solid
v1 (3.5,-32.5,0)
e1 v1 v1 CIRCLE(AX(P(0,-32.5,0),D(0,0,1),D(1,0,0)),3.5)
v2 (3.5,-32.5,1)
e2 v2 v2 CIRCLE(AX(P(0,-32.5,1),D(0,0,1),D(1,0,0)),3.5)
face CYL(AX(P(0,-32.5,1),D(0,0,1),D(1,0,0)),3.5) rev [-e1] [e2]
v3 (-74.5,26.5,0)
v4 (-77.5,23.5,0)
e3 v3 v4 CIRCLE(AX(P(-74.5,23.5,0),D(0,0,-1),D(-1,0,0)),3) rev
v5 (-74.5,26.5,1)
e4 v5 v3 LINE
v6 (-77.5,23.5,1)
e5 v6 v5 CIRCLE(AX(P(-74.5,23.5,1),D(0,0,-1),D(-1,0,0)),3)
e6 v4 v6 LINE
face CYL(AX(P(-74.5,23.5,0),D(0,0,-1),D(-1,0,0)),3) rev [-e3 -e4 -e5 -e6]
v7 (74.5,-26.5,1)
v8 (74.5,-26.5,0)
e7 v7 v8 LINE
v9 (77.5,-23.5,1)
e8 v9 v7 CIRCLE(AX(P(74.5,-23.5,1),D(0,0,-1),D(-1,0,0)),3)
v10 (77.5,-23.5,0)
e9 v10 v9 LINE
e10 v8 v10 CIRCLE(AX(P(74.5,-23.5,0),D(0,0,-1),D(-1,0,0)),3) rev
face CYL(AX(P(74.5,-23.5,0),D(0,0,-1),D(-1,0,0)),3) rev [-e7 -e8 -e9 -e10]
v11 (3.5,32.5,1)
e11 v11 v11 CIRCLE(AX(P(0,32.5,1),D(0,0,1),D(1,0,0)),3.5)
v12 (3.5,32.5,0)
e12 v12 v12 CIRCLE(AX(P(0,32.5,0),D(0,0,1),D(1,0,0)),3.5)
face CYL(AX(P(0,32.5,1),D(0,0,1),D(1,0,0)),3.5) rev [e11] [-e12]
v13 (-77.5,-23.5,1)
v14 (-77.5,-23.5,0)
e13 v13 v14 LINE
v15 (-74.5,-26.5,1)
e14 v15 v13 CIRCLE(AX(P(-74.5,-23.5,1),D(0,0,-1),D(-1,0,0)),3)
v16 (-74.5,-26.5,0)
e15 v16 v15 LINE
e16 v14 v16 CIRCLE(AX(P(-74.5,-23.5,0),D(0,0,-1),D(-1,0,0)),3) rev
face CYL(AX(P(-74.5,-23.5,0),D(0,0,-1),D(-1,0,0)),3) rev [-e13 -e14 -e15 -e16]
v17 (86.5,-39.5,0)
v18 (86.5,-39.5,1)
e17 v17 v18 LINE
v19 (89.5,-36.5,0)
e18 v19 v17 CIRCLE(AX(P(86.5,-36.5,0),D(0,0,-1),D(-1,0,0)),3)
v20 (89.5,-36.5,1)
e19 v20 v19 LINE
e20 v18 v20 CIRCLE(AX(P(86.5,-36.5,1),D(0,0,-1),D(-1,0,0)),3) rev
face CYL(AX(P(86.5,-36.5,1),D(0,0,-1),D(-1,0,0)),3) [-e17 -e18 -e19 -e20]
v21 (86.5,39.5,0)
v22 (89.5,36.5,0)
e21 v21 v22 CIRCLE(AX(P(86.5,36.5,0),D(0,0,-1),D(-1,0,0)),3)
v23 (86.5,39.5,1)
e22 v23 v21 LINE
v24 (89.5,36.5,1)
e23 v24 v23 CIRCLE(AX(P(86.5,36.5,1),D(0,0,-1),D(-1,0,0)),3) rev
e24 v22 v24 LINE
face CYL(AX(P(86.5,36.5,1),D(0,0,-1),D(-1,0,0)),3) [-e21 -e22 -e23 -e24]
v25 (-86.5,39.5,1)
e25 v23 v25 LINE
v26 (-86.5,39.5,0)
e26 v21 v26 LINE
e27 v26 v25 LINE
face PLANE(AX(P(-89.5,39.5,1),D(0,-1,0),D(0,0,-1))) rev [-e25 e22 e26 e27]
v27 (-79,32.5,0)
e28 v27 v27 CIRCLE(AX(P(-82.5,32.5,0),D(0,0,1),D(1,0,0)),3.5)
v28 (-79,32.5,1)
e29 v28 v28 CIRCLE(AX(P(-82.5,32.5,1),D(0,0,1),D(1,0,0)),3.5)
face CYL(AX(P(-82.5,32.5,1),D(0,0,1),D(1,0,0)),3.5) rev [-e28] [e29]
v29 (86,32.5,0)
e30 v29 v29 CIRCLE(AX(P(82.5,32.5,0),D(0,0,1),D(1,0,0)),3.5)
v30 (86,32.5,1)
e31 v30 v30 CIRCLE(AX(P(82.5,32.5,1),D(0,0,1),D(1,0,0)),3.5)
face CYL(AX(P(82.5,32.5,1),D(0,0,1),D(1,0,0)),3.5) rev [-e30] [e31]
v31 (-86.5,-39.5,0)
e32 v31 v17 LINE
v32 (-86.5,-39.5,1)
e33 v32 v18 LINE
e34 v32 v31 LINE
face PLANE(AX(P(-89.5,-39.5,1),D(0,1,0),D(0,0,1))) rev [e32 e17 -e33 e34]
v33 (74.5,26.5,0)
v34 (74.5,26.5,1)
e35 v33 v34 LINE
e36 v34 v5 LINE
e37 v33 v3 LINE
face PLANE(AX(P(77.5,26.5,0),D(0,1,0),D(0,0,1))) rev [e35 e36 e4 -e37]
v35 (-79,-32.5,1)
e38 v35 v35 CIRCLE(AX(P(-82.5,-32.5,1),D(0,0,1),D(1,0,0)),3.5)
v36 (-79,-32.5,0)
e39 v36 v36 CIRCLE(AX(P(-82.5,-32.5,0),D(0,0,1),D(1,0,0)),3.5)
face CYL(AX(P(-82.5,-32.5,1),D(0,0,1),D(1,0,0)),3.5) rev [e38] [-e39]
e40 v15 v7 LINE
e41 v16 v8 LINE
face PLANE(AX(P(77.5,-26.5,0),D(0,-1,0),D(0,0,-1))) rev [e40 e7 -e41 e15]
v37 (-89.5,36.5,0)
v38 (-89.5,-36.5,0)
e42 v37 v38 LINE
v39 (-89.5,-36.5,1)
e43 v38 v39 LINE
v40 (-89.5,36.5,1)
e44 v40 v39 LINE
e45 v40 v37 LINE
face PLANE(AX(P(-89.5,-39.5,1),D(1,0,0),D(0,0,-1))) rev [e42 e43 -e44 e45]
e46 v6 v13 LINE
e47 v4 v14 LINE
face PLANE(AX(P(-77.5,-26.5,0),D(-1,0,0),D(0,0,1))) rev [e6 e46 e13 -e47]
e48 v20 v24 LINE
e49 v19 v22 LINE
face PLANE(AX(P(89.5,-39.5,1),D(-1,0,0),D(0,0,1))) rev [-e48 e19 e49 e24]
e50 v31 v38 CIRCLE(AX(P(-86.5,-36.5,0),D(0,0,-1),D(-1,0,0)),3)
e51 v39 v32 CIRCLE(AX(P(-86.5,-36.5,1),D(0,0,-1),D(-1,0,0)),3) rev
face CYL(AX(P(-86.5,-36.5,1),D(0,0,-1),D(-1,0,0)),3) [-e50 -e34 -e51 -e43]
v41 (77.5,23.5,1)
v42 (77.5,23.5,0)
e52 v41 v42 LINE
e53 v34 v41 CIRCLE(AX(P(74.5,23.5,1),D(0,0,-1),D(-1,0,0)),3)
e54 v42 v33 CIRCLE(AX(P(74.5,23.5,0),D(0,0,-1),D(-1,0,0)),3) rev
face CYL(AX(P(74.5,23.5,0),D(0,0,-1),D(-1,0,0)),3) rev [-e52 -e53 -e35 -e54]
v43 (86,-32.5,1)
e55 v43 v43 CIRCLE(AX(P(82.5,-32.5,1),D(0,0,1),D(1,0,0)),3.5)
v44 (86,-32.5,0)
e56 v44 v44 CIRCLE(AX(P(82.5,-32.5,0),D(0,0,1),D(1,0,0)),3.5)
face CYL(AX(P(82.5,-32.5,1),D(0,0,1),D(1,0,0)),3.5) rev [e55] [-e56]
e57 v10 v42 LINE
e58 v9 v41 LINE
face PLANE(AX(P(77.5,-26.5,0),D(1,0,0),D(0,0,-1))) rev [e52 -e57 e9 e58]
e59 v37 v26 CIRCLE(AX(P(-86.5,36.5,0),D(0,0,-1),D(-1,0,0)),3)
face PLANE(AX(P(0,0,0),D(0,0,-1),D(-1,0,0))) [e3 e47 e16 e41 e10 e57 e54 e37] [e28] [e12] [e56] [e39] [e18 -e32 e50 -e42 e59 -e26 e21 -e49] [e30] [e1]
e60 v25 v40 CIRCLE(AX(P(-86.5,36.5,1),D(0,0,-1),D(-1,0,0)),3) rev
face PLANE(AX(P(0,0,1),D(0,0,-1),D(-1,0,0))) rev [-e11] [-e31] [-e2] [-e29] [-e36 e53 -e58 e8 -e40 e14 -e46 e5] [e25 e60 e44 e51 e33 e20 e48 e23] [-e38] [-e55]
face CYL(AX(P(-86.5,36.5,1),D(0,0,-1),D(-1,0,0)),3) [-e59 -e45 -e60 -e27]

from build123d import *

# Parameters (mm, degrees)
SKETCH1_W                = 179
SKETCH1_H                = 79
BOSS_EXTRUDE1_DEPTH      = 1
FILLET1_R                = 3
F_7_0_7_DIAMETER_HOLE1_D = 7
SKETCH4_W                = 155
SKETCH4_H                = 53
CUT_EXTRUDE1_DEPTH       = 98.834043155
FILLET2_R                = 3


with BuildPart() as part:
    # Sketch1 → Boss-Extrude1 (new body)
    with BuildSketch(Plane.XY):
        Rectangle(SKETCH1_W, SKETCH1_H)
    extrude(amount=BOSS_EXTRUDE1_DEPTH)

    # Fillet1
    fillet1_edges = [part.edges().sort_by_distance(p)[0] for p in [
        (89.5, -39.5, 0.5),
        (-89.5, -39.5, 0.5),
        (-89.5, 39.5, 0.5),
        (89.5, 39.5, 0.5),
    ]]
    fillet(fillet1_edges, radius=FILLET1_R)

    # Ø7.0 (7) Diameter Hole1 (through all)
    with Locations(Plane.XY.offset(1)):
        with Locations((0, 32.5), (-82.5, 32.5), (82.5, 32.5), (82.5, -32.5), (0, -32.5), (-82.5, -32.5)):
            Hole(F_7_0_7_DIAMETER_HOLE1_D / 2)

    # Sketch4 → Cut-Extrude1 (cut, through all)
    with BuildSketch(Plane.XY.offset(1)):
        Rectangle(SKETCH4_W, SKETCH4_H)
    extrude(amount=-CUT_EXTRUDE1_DEPTH, mode=Mode.SUBTRACT)

    # Fillet2
    fillet2_edges = [part.edges().sort_by_distance(p)[0] for p in [
        (-77.5, -26.5, 0.5),
        (-77.5, 26.5, 0.5),
        (77.5, 26.5, 0.5),
        (77.5, -26.5, 0.5),
    ]]
    fillet(fillet2_edges, radius=FILLET2_R)


solid = part.part
